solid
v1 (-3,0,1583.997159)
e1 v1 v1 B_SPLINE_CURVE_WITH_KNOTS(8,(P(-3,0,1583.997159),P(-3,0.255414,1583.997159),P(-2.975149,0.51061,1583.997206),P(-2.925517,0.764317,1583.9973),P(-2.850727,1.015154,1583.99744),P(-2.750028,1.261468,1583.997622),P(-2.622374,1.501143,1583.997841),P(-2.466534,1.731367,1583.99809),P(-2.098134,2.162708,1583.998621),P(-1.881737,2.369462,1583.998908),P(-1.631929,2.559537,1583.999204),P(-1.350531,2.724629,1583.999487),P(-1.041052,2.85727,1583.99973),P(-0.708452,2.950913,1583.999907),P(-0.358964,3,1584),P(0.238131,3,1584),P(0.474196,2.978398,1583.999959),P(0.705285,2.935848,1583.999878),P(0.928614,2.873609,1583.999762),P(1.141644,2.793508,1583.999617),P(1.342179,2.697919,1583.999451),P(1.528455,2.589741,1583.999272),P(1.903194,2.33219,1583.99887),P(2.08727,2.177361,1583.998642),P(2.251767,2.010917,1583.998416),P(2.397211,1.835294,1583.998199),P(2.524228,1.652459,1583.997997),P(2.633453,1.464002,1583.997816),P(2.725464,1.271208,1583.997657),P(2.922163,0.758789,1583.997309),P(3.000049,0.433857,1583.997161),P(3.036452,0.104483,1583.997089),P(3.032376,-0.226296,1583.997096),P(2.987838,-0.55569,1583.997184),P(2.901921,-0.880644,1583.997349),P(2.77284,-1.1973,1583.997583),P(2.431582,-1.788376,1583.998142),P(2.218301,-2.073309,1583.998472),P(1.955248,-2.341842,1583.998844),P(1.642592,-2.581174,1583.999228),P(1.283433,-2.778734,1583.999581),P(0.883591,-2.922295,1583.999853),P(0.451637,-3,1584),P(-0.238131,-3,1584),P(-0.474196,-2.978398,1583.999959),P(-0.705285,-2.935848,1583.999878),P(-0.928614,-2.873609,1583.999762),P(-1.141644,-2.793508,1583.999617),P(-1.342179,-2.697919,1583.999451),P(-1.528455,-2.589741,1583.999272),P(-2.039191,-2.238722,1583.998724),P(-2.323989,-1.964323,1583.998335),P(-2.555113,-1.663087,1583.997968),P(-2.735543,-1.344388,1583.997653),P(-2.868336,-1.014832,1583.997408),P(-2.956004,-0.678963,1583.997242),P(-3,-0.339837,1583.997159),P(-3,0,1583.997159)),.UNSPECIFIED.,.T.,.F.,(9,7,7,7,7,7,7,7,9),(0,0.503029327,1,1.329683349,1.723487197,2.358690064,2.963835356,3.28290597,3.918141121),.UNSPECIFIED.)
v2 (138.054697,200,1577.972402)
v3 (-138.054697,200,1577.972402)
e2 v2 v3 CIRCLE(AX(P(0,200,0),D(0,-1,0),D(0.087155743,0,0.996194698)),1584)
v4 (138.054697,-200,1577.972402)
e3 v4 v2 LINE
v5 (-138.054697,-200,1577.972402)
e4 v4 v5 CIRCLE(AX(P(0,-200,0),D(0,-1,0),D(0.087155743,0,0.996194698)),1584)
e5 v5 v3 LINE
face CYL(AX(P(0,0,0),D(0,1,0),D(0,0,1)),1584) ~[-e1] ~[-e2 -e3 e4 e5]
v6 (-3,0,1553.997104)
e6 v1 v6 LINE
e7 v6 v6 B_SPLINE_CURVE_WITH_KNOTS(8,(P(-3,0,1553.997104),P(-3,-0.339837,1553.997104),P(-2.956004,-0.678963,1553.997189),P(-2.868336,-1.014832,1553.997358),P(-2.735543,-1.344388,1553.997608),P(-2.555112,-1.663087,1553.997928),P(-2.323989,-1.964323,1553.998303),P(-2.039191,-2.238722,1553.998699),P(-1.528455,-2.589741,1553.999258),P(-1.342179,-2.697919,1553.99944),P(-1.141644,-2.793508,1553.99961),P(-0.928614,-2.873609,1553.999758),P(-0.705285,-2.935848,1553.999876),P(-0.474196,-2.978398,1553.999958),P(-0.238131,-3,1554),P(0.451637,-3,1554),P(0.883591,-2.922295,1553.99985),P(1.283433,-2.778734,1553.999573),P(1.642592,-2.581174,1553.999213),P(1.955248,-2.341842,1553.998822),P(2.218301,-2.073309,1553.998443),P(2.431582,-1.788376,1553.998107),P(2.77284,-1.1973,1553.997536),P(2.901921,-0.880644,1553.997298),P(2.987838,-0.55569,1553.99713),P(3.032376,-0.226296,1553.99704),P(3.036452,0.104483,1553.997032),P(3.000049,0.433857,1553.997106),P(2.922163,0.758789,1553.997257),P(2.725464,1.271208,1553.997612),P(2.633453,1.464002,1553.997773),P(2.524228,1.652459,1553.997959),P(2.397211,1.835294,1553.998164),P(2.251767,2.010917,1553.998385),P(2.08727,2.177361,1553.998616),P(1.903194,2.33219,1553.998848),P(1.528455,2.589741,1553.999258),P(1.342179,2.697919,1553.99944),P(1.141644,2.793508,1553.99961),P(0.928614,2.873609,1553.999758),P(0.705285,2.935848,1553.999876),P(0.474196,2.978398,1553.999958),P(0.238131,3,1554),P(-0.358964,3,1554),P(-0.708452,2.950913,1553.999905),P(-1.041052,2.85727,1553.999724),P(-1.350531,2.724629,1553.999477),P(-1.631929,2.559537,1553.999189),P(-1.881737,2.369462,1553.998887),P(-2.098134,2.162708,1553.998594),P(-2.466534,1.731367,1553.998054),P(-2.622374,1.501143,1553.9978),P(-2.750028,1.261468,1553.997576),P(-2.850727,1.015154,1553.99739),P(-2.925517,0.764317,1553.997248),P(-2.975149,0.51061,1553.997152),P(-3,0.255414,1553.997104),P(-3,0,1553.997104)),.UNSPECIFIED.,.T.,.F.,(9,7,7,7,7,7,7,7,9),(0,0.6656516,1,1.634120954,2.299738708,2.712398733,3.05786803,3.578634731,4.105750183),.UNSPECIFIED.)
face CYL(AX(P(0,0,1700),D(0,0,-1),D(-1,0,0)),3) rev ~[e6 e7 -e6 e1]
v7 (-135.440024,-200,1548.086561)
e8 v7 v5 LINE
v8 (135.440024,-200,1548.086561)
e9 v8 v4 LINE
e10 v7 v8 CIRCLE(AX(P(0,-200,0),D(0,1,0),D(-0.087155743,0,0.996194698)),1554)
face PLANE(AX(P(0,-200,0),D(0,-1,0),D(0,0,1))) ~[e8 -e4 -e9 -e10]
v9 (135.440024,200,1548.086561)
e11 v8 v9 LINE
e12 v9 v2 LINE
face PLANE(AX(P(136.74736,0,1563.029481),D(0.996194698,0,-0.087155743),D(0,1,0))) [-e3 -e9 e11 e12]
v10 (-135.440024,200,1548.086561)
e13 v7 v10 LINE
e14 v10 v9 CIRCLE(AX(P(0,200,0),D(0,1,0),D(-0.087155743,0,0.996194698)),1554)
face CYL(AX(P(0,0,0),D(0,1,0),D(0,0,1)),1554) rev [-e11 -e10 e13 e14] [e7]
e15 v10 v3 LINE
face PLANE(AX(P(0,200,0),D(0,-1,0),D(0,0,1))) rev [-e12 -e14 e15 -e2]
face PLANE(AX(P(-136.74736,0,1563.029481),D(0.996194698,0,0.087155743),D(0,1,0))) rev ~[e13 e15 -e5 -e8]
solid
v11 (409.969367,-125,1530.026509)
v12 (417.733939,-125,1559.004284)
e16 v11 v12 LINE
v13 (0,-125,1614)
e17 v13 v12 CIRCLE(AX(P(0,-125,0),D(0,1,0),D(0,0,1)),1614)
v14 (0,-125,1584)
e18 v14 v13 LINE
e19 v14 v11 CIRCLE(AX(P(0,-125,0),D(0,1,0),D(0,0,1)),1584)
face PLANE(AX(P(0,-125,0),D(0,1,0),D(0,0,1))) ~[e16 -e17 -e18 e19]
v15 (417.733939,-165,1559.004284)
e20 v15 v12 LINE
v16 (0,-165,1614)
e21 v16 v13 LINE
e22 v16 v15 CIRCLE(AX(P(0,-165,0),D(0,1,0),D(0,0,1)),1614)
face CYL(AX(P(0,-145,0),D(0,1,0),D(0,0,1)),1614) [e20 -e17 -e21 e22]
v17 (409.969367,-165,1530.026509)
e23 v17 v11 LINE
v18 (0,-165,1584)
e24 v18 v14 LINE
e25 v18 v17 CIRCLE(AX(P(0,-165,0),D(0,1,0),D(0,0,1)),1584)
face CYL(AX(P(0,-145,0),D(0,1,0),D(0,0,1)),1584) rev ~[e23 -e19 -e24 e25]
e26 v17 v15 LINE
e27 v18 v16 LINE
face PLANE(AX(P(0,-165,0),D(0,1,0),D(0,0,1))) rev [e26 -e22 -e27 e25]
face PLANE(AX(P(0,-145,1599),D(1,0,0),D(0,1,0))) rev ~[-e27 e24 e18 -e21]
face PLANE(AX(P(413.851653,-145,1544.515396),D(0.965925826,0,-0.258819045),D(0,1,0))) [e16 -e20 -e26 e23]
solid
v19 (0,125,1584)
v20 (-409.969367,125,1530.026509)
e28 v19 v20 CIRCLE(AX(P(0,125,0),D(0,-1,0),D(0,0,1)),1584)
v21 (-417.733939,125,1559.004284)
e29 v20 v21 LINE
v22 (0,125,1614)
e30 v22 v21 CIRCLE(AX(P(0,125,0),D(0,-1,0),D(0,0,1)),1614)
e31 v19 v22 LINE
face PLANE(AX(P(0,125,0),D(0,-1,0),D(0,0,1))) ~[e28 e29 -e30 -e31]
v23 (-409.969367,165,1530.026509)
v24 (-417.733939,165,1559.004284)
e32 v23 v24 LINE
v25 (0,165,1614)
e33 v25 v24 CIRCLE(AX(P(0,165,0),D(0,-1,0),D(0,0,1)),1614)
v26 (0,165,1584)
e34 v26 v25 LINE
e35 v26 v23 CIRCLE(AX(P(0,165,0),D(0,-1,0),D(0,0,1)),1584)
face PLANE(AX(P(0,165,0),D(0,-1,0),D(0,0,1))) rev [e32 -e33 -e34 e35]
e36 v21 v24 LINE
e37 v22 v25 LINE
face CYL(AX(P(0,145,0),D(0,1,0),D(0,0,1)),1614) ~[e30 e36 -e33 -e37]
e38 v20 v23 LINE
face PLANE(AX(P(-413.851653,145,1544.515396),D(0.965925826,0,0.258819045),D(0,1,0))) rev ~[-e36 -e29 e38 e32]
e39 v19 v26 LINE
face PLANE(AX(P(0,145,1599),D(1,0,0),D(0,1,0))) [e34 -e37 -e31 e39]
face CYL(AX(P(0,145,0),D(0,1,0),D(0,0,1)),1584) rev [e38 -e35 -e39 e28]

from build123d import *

# Parameters (mm, degrees)
F0_W     = 400
F0_H     = 30
F1_ANGLE = 10
F4_D     = 6
F4_DEPTH = 100
F5_W     = 40
F5_H     = 30
F6_ANGLE = 15
F7_ANGLE = -15


with BuildPart() as f1:
    # F0 (on Right) → F1 (revolve, symmetric)
    with BuildSketch(Plane.YZ) as f1_sk:
        with Locations((0, 1569)):
            Rectangle(F0_W, F0_H)
    revolve(axis=Axis((0, -0.207613, 0), (0, 1, 0)), revolution_arc=F1_ANGLE / 2)
    revolve(f1_sk.sketch, axis=Axis((0, -0.207613, 0), (0, -1, 0)), revolution_arc=F1_ANGLE / 2)

    # F4
    with Locations(Plane.XY.offset(1600)):
        with Locations((0, 0)):
            Hole(F4_D / 2, depth=F4_DEPTH)


with BuildPart() as f6:
    # F5 (on Right) → F6 (revolve)
    with BuildSketch(Plane.YZ):
        with Locations((-145, 1599)):
            Rectangle(F5_W, F5_H)
    revolve(axis=Axis((0, -0.207613, 0), (0, 1, 0)), revolution_arc=F6_ANGLE)


with BuildPart() as f7:
    # F5 (on Right) → F7 (revolve)
    with BuildSketch(Plane.YZ):
        with Locations((145, 1599)):
            Rectangle(F5_W, F5_H)
    revolve(axis=Axis((0, -0.207613, 0), (0, 1, 0)), revolution_arc=F7_ANGLE)


solid = Compound([f1.part, f6.part, f7.part])
